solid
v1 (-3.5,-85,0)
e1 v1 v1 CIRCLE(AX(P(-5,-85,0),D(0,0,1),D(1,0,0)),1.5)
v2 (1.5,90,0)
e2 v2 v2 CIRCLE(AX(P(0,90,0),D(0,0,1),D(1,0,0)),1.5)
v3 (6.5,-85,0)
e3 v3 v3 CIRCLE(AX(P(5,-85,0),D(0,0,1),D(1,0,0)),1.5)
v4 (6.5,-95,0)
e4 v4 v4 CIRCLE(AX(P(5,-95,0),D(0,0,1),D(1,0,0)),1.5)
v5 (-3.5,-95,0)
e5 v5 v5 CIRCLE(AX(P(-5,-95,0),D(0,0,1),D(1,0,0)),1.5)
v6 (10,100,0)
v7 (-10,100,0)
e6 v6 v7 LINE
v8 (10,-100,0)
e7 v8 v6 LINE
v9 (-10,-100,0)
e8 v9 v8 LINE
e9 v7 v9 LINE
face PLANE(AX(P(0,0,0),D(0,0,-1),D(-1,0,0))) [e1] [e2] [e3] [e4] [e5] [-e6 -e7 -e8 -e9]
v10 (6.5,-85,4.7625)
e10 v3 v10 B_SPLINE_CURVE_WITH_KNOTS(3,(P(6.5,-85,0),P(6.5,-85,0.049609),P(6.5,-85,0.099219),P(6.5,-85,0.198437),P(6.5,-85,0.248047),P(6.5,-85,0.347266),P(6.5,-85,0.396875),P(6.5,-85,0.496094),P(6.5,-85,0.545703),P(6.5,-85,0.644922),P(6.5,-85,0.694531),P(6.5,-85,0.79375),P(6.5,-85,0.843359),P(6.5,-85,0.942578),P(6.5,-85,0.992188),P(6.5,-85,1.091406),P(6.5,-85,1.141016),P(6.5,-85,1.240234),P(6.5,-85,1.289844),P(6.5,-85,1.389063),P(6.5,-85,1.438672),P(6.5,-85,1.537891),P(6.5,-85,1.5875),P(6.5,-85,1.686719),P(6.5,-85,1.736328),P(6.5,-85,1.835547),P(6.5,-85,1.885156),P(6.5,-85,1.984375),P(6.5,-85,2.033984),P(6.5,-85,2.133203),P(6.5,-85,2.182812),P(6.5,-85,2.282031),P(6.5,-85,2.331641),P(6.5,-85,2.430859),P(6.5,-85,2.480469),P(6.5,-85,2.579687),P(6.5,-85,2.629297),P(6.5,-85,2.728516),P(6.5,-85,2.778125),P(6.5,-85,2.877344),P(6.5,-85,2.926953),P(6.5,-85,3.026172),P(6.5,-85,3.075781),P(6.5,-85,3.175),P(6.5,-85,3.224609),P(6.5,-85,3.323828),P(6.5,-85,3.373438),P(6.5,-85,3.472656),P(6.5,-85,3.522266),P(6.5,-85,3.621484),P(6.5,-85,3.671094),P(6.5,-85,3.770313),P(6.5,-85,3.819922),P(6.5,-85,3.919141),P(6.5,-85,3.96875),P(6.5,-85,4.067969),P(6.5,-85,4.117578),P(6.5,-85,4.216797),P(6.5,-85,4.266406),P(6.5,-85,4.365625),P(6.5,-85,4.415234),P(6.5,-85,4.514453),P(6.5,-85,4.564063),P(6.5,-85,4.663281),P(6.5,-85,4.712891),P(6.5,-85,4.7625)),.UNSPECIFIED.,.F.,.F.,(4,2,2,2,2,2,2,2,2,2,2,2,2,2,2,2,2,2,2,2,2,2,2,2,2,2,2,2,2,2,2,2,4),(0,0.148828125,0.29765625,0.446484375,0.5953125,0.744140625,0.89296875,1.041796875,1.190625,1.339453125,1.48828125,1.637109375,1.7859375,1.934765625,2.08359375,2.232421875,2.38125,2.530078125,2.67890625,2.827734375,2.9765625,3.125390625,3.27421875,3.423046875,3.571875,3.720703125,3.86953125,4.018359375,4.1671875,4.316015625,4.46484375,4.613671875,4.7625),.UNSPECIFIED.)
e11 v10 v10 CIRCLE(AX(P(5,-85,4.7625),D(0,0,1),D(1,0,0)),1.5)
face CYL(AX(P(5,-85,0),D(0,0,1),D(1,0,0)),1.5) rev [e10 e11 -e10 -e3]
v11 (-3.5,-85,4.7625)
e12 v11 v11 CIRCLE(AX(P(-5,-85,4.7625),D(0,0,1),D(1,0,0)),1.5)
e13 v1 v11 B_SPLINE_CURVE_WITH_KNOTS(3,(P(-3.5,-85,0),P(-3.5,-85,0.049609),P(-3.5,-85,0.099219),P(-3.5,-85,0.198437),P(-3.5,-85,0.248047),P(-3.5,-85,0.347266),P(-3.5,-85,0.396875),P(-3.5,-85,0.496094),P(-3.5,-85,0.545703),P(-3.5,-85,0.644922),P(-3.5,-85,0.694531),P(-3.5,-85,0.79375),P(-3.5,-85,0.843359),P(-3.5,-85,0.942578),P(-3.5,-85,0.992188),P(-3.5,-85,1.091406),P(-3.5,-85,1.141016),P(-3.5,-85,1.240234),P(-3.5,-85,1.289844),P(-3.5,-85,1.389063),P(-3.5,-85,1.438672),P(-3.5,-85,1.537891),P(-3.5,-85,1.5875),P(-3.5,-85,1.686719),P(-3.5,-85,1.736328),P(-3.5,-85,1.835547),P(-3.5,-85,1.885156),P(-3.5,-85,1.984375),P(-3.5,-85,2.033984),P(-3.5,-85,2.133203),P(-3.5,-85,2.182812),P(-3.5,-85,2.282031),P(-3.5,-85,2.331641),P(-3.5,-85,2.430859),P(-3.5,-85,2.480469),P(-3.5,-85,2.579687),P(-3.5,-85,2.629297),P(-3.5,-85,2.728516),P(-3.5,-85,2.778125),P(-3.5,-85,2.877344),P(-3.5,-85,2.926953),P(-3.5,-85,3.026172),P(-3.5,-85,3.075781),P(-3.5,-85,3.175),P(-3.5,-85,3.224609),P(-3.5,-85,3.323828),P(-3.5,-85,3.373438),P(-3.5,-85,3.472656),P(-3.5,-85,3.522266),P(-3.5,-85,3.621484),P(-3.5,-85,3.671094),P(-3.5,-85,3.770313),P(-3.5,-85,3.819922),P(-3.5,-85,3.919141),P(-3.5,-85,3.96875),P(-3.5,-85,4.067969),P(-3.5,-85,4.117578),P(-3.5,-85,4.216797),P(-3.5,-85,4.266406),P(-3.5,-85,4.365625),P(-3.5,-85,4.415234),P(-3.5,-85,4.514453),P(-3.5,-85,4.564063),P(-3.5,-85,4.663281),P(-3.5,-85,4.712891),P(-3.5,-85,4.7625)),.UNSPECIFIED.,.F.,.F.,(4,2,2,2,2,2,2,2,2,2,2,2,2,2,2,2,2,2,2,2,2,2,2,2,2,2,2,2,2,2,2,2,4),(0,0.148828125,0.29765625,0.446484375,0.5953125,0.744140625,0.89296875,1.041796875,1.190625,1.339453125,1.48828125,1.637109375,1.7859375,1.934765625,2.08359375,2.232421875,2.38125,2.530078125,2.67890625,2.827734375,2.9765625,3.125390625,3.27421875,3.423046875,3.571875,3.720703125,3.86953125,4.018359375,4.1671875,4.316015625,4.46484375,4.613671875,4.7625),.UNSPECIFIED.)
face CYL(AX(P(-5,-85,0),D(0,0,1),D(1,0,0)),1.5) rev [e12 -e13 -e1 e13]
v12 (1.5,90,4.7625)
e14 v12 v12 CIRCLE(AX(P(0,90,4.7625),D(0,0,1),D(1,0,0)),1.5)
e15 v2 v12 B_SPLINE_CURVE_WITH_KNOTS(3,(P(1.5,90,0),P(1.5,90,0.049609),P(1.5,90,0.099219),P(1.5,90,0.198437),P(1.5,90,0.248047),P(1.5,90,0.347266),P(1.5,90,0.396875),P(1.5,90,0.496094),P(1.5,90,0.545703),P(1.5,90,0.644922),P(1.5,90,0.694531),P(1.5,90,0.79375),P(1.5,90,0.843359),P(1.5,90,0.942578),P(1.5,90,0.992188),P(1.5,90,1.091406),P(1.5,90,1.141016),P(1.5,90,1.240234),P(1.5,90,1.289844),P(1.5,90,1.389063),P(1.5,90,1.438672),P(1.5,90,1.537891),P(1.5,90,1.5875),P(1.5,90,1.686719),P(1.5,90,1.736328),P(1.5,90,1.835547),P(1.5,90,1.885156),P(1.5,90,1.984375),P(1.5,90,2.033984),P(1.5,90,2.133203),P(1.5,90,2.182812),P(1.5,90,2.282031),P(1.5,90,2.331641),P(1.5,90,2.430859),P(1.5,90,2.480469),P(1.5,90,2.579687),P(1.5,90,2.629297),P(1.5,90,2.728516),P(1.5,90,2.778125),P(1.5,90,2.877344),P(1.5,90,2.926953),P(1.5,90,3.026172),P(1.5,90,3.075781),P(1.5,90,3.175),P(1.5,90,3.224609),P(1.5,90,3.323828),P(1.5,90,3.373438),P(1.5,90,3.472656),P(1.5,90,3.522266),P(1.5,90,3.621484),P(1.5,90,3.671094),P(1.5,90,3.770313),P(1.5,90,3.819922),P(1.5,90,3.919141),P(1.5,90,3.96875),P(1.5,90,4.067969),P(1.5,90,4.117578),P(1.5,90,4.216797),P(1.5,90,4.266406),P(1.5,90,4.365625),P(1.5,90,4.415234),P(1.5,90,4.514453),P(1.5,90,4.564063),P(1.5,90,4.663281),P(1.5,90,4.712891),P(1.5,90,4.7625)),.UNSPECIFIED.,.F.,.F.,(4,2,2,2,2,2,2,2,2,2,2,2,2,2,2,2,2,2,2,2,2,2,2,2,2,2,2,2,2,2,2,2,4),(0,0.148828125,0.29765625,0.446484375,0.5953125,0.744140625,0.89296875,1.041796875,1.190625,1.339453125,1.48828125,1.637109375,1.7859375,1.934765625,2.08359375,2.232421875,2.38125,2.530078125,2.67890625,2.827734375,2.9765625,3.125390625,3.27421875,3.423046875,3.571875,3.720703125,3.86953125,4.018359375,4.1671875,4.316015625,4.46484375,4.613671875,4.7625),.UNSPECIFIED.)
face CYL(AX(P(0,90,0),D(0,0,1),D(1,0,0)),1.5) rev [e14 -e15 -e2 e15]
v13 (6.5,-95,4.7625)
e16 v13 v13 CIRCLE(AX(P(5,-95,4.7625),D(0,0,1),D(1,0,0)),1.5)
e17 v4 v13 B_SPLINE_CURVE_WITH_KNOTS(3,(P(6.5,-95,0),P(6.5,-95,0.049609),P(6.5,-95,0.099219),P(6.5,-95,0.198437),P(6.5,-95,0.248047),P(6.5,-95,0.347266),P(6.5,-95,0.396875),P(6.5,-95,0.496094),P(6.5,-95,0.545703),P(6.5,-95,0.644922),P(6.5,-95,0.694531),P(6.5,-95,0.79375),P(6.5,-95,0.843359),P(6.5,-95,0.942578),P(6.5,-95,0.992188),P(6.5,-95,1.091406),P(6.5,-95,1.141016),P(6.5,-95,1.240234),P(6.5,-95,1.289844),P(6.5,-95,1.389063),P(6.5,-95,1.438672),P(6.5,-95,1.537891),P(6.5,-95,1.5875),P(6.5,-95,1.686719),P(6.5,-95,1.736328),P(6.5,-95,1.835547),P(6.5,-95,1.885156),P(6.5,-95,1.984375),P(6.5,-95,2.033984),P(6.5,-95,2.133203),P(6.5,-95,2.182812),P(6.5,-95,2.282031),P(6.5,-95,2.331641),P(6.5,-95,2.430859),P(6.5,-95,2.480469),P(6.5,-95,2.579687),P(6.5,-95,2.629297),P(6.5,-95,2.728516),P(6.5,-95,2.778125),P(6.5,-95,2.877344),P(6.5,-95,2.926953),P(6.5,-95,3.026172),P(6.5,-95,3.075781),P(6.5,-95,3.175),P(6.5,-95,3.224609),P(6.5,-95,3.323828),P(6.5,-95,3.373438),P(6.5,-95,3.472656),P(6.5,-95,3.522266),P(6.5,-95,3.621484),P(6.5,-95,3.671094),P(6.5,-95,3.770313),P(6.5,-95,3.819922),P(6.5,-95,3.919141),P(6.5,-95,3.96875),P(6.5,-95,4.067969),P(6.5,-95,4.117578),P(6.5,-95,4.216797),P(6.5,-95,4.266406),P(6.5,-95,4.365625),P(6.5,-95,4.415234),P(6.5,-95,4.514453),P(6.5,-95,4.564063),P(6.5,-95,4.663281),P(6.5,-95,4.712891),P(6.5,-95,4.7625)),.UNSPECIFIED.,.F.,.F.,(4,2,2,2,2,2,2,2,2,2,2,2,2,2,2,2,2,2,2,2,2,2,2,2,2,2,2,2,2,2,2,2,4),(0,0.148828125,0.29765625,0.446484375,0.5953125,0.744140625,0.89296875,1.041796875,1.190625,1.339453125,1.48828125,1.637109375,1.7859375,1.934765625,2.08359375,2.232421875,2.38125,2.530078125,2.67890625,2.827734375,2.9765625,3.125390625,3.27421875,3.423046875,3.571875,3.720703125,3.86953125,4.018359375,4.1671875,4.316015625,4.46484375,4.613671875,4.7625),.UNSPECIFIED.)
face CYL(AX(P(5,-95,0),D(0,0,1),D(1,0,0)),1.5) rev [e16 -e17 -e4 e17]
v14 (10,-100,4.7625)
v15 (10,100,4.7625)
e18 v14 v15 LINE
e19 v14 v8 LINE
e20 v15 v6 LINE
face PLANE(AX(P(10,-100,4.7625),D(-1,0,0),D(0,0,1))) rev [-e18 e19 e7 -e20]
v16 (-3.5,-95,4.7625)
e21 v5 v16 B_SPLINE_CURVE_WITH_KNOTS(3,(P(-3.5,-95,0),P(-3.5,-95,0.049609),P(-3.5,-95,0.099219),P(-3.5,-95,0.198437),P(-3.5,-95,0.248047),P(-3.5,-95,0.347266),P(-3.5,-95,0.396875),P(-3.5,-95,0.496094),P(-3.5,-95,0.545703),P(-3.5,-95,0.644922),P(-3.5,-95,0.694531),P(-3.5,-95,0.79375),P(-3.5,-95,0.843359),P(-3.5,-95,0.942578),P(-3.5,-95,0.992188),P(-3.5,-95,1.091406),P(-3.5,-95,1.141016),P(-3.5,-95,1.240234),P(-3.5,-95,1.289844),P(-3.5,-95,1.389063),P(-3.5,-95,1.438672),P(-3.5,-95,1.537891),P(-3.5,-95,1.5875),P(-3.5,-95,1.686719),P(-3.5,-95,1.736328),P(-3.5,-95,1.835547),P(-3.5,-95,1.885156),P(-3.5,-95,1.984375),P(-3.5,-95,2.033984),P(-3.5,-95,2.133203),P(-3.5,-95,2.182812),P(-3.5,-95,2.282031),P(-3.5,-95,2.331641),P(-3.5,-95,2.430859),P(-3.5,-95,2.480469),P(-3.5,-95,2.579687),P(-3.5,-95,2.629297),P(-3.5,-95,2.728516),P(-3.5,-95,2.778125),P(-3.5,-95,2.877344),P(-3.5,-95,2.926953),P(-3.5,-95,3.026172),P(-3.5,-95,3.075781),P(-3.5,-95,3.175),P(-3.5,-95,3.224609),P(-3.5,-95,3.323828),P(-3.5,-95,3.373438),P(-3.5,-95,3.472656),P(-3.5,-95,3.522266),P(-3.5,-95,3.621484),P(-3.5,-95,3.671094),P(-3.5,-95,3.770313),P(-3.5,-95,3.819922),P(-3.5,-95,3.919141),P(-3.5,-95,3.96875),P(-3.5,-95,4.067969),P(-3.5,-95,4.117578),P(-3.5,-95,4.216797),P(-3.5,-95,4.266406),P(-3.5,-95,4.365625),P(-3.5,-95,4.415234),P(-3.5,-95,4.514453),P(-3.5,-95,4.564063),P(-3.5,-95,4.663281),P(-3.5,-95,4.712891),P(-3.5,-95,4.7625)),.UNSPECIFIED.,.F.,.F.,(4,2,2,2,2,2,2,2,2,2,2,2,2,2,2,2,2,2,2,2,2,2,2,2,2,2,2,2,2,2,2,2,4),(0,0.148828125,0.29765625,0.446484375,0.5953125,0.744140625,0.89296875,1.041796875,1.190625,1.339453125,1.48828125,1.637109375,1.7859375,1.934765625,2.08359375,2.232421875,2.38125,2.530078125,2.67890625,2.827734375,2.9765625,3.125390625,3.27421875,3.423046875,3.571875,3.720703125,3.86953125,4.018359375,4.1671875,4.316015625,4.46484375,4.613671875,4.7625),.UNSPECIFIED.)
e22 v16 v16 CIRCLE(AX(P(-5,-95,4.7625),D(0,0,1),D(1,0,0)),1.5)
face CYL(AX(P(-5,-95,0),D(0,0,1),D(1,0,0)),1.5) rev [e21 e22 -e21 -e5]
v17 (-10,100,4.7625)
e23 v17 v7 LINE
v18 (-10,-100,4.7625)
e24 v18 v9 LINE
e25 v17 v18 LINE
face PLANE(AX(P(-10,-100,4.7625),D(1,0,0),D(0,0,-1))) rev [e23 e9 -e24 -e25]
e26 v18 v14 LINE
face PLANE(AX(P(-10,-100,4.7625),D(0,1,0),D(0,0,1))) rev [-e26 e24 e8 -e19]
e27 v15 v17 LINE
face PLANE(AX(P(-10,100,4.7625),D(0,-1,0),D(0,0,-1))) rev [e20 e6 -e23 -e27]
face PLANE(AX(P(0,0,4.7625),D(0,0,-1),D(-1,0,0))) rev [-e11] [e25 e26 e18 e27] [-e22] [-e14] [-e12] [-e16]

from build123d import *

# Parameters (mm, degrees)
SKETCH1_W           = 20
SKETCH1_H           = 200
BOSS_EXTRUDE1_DEPTH = 4.7625
SKETCH2_R           = 1.5
CUT_EXTRUDE1_DEPTH  = 101.611537143
SKETCH3_R           = 1.5
CUT_EXTRUDE2_DEPTH  = 101.611537143


with BuildPart() as part:
    # Sketch1 → Boss-Extrude1 (new body)
    with BuildSketch(Plane.XY):
        Rectangle(SKETCH1_W, SKETCH1_H)
    extrude(amount=BOSS_EXTRUDE1_DEPTH)

    # Sketch2 → Cut-Extrude1 (cut, through all)
    with BuildSketch(Plane.XY.offset(4.7625)):
        with Locations((-5, -95)):
            Circle(SKETCH2_R)
        with Locations((5, -95)):
            Circle(SKETCH2_R)
        with Locations((-5, -85)):
            Circle(SKETCH2_R)
        with Locations((5, -85)):
            Circle(SKETCH2_R)
    extrude(amount=-CUT_EXTRUDE1_DEPTH, mode=Mode.SUBTRACT)

    # Sketch3 → Cut-Extrude2 (cut, through all)
    with BuildSketch(Plane.XY.offset(4.7625)):
        with Locations((0, 90)):
            Circle(SKETCH3_R)
    extrude(amount=-CUT_EXTRUDE2_DEPTH, mode=Mode.SUBTRACT)


solid = part.part
